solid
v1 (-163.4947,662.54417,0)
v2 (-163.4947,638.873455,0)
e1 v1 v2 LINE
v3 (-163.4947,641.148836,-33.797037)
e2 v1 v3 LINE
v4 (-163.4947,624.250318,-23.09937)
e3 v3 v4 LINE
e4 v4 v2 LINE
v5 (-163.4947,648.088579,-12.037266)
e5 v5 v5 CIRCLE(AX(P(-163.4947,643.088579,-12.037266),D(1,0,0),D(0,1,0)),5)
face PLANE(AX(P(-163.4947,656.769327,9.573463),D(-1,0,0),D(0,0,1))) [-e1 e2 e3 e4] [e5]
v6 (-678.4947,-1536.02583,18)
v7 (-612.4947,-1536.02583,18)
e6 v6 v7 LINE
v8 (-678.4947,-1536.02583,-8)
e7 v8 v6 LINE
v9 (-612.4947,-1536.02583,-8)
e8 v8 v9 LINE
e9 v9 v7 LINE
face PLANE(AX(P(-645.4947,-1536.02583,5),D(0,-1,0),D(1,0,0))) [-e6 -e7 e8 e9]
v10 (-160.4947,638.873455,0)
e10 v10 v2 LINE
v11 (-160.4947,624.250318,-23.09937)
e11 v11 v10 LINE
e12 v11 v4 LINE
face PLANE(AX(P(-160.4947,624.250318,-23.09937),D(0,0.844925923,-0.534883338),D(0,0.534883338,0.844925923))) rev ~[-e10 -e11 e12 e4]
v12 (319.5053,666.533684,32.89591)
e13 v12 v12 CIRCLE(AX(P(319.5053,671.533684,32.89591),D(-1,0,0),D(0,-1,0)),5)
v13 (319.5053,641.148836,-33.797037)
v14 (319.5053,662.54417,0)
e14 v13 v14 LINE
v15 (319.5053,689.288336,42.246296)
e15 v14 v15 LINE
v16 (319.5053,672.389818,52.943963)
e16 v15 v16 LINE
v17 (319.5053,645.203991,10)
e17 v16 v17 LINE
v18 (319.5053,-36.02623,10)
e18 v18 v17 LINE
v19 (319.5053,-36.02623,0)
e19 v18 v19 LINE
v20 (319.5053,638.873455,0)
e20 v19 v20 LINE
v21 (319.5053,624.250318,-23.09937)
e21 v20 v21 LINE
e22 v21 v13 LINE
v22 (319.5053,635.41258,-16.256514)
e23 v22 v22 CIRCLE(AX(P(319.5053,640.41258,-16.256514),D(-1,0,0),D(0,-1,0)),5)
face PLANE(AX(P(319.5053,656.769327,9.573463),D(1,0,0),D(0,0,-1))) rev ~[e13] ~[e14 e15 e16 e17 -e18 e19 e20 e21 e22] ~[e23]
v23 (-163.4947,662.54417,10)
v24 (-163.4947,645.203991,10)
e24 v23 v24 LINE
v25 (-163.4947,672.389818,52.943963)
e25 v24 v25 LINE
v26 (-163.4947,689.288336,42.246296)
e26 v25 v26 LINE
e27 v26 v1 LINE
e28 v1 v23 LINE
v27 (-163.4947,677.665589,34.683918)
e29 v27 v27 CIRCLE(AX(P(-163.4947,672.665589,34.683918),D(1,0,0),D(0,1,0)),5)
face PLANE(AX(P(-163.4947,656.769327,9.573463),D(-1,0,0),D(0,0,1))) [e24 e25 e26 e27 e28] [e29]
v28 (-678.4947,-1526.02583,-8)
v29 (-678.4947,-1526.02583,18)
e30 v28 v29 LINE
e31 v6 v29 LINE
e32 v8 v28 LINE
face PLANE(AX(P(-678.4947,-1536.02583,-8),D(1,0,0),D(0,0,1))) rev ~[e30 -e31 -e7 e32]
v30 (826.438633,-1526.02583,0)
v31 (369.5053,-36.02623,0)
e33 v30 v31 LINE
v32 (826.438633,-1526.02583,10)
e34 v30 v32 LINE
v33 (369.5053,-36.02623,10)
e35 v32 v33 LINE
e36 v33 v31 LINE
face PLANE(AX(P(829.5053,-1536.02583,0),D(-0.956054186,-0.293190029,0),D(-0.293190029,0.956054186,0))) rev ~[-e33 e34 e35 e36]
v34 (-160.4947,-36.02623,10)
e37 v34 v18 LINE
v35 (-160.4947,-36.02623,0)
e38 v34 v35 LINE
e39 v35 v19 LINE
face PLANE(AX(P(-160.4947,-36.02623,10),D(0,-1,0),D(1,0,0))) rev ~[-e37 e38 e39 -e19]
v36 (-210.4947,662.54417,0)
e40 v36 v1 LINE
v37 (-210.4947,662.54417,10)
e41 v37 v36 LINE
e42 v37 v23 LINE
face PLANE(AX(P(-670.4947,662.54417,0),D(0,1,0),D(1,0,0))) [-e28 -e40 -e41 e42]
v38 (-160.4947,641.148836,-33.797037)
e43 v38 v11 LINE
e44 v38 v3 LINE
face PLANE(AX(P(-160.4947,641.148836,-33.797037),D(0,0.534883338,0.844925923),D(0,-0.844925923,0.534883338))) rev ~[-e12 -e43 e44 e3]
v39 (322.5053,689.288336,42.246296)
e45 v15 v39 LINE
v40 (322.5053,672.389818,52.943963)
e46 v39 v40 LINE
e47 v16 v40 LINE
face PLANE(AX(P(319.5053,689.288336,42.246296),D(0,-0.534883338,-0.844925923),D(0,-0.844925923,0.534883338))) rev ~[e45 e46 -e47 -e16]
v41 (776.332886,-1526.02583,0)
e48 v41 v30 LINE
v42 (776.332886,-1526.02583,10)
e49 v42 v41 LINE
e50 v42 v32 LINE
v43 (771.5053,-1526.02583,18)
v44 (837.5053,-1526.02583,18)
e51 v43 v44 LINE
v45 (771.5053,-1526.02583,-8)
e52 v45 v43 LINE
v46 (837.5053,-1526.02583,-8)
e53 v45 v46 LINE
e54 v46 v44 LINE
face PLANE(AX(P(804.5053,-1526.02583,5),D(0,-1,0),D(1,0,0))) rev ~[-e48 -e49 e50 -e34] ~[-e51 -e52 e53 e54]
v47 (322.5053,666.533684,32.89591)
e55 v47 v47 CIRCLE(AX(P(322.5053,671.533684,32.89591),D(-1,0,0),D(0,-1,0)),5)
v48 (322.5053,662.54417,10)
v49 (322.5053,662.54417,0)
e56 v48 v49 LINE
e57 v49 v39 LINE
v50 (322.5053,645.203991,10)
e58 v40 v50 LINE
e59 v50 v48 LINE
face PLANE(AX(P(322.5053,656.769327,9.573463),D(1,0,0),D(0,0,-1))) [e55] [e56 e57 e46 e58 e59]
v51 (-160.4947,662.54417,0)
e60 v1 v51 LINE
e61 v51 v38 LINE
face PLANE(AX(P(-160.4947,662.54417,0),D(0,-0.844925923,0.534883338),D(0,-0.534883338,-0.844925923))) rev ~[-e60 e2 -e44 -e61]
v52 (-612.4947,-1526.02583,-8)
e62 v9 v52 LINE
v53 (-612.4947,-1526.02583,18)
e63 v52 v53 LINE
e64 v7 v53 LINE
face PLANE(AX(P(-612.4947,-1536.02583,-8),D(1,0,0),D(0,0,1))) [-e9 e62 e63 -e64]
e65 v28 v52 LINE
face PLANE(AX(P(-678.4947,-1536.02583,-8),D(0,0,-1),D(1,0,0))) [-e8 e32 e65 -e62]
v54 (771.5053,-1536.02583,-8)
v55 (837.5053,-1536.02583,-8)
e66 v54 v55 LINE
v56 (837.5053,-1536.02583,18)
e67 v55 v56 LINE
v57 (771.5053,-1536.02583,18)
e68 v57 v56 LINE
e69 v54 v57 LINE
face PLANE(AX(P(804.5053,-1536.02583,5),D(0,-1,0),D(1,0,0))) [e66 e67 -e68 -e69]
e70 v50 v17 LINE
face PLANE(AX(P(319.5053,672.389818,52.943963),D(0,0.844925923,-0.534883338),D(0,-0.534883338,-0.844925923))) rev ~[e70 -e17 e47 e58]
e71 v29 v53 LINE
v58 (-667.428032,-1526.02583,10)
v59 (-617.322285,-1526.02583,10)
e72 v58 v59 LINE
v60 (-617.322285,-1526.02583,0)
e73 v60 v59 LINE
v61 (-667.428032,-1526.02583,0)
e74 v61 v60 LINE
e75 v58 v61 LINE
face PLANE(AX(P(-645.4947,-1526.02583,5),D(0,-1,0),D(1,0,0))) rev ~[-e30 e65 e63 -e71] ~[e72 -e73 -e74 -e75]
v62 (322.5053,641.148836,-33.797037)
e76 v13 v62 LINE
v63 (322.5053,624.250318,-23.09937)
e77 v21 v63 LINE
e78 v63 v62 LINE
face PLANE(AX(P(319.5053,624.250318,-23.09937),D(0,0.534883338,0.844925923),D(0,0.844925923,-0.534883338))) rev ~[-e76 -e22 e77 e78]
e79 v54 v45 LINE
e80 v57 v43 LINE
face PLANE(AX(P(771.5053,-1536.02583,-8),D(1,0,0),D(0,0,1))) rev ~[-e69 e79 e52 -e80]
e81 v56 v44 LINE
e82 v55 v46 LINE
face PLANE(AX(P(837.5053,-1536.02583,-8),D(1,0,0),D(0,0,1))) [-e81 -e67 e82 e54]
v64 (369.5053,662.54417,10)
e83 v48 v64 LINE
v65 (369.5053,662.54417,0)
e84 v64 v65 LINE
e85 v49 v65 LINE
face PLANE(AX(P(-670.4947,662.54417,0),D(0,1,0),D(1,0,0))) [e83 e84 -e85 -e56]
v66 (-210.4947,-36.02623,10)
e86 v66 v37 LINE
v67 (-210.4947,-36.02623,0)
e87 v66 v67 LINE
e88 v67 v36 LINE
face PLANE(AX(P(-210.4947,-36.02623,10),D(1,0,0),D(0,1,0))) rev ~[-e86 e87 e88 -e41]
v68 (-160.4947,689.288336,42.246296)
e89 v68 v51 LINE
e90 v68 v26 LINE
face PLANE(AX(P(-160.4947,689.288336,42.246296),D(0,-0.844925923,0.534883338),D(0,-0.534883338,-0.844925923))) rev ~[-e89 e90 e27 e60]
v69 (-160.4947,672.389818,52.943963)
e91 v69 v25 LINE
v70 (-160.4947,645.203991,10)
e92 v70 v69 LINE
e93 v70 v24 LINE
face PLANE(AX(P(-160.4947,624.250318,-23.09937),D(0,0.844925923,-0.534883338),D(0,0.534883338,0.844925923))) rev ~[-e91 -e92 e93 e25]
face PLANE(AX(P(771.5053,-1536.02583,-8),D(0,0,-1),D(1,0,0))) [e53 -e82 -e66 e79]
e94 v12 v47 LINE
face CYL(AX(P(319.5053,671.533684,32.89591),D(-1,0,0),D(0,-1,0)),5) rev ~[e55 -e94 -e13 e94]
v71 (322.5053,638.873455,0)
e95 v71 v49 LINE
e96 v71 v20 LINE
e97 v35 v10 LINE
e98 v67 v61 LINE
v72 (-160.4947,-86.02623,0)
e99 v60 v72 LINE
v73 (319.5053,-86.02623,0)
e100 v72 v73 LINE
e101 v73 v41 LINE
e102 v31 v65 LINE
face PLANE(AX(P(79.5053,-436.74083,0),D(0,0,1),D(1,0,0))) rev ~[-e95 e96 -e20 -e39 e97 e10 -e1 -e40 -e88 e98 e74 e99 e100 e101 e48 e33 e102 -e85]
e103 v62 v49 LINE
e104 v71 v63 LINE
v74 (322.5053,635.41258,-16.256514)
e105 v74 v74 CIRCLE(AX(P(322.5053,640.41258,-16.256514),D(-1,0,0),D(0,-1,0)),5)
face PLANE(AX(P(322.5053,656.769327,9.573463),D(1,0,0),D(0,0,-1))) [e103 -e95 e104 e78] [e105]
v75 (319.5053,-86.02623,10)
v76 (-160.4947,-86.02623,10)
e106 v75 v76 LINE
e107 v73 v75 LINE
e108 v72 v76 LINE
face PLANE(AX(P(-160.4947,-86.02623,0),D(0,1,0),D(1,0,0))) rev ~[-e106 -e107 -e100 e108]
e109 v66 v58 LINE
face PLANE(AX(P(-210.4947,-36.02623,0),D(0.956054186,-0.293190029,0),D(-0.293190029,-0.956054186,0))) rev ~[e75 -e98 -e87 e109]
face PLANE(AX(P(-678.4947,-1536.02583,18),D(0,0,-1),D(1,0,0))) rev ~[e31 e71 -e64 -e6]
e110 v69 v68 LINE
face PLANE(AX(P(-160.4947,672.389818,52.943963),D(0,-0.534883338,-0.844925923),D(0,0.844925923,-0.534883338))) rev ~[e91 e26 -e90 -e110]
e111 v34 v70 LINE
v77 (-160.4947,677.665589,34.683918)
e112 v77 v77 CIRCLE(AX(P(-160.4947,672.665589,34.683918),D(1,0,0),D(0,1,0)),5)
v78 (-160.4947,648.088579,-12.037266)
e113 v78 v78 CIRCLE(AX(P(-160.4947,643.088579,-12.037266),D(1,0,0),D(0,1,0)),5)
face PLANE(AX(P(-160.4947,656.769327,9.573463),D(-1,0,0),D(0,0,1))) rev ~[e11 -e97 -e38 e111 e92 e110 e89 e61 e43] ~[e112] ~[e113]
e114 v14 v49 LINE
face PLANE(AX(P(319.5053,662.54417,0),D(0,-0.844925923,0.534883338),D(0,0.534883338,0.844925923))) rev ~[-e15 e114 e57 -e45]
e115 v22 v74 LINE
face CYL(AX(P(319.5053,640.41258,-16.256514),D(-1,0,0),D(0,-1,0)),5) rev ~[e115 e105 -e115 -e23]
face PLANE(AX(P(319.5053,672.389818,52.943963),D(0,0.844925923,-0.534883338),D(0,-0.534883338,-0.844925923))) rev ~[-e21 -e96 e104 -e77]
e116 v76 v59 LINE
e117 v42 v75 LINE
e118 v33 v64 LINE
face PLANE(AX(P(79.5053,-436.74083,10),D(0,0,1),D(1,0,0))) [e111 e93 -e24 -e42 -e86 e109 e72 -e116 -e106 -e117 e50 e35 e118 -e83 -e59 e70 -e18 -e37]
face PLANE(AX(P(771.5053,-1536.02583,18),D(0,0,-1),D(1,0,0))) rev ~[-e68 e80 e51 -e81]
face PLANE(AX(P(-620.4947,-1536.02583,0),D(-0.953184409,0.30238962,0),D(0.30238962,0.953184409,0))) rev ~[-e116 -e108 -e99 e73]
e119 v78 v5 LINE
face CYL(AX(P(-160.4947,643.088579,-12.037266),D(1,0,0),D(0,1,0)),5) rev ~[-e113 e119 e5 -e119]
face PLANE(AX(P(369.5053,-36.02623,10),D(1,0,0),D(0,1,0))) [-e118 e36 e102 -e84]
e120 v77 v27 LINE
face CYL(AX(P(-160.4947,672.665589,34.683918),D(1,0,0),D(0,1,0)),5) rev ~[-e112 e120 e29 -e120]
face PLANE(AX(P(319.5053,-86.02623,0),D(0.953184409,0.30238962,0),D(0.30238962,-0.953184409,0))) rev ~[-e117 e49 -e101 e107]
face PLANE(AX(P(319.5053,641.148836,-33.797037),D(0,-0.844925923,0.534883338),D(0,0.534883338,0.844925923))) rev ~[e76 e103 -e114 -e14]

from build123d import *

# Parameters (mm, degrees)
SKETCH2_W           = 1500
SKETCH2_H           = 2198.57
BOSS_EXTRUDE1_DEPTH = 10
SKETCH3_W           = 480
SKETCH3_H           = 698.5704
SKETCH3_W_2         = 460
CUT_EXTRUDE1_DEPTH  = 1746.724604551
CUT_EXTRUDE3_DEPTH  = 10
CUT_EXTRUDE4_DEPTH  = 1746.724604551
BOSS_EXTRUDE2_DEPTH = 3
BOSS_EXTRUDE3_DEPTH = 3
SKETCH13_R          = 5
CUT_EXTRUDE5_DEPTH  = 1829.189928544
SKETCH14_R          = 5
CUT_EXTRUDE6_DEPTH  = 1829.189928544
SKETCH15_W          = 66
SKETCH15_H          = 26
BOSS_EXTRUDE5_DEPTH = 10
SKETCH16_W          = 66
SKETCH16_H          = 26
BOSS_EXTRUDE9_DEPTH = 10


with BuildPart() as part:
    # Sketch2 → Boss-Extrude1 (new body)
    with BuildSketch(Plane.XY):
        with Locations((79.505300353, -436.740830389)):
            Rectangle(SKETCH2_W, SKETCH2_H)
    extrude(amount=BOSS_EXTRUDE1_DEPTH)

    # Sketch3 → Cut-Extrude1 (cut, through all)
    with BuildSketch(Plane.XY.offset(10)):
        with Locations((79.505300353, 313.258969611)):
            Rectangle(SKETCH3_W, SKETCH3_H)
        with Locations((-440.494699647, 313.258969611)):
            Rectangle(SKETCH3_W_2, SKETCH3_H)
        with Locations((599.505300353, 313.258969611)):
            Rectangle(SKETCH3_W_2, SKETCH3_H)
    extrude(amount=-CUT_EXTRUDE1_DEPTH, mode=Mode.SUBTRACT)

    # Sketch9 → Cut-Extrude3 (cut)
    with BuildSketch(Plane(origin=(0, 0, 0), x_dir=(-1, 0, 0), z_dir=(0, 0, -1))):
        Polygon((-369.505300353, -36.026230389), (-829.505300353, -36.026230389), (-829.505300353, -1536.025830389), align=None)
        Polygon((210.494699647, -36.026230389), (670.494699647, -1536.025830389), (670.494699647, -36.026230389), align=None)
    extrude(amount=-CUT_EXTRUDE3_DEPTH, mode=Mode.SUBTRACT)

    # Sketch10 → Cut-Extrude4 (cut, through all)
    with BuildSketch(Plane(origin=(0, 0, 0), x_dir=(-1, 0, 0), z_dir=(0, 0, -1))):
        Polygon((-319.505300353, -86.026230389), (-779.505300353, -1536.025830389), (620.494699647, -1536.025830389), (160.494699647, -86.026230389), align=None)
    extrude(amount=-CUT_EXTRUDE4_DEPTH, mode=Mode.SUBTRACT)

    # Sketch11 → Boss-Extrude2 (add)
    with BuildSketch(Plane.ZY.offset(-319.505300353)):
        Polygon((0, 662.544169611), (42.246296146, 689.288336489), (52.943962897, 672.389818031), (-23.099370165, 624.250317651), (-33.797036917, 641.148836109), align=None)
    extrude(amount=-BOSS_EXTRUDE2_DEPTH)

    # Sketch12 → Boss-Extrude3 (add)
    with BuildSketch(Plane(origin=(-160.494699647, 0, 0), x_dir=(0, 0, -1), z_dir=(1, 0, 0))):
        Polygon((0, 662.544169611), (33.797036917, 641.148836109), (23.099370165, 624.250317651), (-52.943962897, 672.389818031), (-42.246296146, 689.288336489), align=None)
    extrude(amount=-BOSS_EXTRUDE3_DEPTH)

    # Sketch13 → Cut-Extrude5 (cut, through all)
    with BuildSketch(Plane(origin=(-160.494699647, 0, 0), x_dir=(0, 0, -1), z_dir=(1, 0, 0))):
        with Locations(Location((-34.683917705, 672.665589051, 0), (0, 0, 90))):
            Circle(SKETCH13_R)
        with Locations(Location((12.037265881, 643.088578886, 0), (0, 0, 90))):
            Circle(SKETCH13_R)
    extrude(amount=-CUT_EXTRUDE5_DEPTH, mode=Mode.SUBTRACT)

    # Sketch14 → Cut-Extrude6 (cut, through all)
    with BuildSketch(Plane.ZY.offset(-319.505300353)):
        with Locations(Location((32.895909771, 671.533684318, 0), (0, 0, 270))):
            Circle(SKETCH14_R)
        with Locations(Location((-16.256513993, 640.412580131, 0), (0, 0, 270))):
            Circle(SKETCH14_R)
    extrude(amount=-CUT_EXTRUDE6_DEPTH, mode=Mode.SUBTRACT)

    # Sketch15 → Boss-Extrude5 (add)
    with BuildSketch(Plane.XZ.offset(1536.025830389)):
        with Locations((804.505300353, 5)):
            Rectangle(SKETCH15_W, SKETCH15_H)
    extrude(amount=-BOSS_EXTRUDE5_DEPTH)

    # Sketch16 → Boss-Extrude9 (add)
    with BuildSketch(Plane.XZ.offset(1536.025830389)):
        with Locations((-645.494699647, 5)):
            Rectangle(SKETCH16_W, SKETCH16_H)
    extrude(amount=-BOSS_EXTRUDE9_DEPTH)


solid = part.part
